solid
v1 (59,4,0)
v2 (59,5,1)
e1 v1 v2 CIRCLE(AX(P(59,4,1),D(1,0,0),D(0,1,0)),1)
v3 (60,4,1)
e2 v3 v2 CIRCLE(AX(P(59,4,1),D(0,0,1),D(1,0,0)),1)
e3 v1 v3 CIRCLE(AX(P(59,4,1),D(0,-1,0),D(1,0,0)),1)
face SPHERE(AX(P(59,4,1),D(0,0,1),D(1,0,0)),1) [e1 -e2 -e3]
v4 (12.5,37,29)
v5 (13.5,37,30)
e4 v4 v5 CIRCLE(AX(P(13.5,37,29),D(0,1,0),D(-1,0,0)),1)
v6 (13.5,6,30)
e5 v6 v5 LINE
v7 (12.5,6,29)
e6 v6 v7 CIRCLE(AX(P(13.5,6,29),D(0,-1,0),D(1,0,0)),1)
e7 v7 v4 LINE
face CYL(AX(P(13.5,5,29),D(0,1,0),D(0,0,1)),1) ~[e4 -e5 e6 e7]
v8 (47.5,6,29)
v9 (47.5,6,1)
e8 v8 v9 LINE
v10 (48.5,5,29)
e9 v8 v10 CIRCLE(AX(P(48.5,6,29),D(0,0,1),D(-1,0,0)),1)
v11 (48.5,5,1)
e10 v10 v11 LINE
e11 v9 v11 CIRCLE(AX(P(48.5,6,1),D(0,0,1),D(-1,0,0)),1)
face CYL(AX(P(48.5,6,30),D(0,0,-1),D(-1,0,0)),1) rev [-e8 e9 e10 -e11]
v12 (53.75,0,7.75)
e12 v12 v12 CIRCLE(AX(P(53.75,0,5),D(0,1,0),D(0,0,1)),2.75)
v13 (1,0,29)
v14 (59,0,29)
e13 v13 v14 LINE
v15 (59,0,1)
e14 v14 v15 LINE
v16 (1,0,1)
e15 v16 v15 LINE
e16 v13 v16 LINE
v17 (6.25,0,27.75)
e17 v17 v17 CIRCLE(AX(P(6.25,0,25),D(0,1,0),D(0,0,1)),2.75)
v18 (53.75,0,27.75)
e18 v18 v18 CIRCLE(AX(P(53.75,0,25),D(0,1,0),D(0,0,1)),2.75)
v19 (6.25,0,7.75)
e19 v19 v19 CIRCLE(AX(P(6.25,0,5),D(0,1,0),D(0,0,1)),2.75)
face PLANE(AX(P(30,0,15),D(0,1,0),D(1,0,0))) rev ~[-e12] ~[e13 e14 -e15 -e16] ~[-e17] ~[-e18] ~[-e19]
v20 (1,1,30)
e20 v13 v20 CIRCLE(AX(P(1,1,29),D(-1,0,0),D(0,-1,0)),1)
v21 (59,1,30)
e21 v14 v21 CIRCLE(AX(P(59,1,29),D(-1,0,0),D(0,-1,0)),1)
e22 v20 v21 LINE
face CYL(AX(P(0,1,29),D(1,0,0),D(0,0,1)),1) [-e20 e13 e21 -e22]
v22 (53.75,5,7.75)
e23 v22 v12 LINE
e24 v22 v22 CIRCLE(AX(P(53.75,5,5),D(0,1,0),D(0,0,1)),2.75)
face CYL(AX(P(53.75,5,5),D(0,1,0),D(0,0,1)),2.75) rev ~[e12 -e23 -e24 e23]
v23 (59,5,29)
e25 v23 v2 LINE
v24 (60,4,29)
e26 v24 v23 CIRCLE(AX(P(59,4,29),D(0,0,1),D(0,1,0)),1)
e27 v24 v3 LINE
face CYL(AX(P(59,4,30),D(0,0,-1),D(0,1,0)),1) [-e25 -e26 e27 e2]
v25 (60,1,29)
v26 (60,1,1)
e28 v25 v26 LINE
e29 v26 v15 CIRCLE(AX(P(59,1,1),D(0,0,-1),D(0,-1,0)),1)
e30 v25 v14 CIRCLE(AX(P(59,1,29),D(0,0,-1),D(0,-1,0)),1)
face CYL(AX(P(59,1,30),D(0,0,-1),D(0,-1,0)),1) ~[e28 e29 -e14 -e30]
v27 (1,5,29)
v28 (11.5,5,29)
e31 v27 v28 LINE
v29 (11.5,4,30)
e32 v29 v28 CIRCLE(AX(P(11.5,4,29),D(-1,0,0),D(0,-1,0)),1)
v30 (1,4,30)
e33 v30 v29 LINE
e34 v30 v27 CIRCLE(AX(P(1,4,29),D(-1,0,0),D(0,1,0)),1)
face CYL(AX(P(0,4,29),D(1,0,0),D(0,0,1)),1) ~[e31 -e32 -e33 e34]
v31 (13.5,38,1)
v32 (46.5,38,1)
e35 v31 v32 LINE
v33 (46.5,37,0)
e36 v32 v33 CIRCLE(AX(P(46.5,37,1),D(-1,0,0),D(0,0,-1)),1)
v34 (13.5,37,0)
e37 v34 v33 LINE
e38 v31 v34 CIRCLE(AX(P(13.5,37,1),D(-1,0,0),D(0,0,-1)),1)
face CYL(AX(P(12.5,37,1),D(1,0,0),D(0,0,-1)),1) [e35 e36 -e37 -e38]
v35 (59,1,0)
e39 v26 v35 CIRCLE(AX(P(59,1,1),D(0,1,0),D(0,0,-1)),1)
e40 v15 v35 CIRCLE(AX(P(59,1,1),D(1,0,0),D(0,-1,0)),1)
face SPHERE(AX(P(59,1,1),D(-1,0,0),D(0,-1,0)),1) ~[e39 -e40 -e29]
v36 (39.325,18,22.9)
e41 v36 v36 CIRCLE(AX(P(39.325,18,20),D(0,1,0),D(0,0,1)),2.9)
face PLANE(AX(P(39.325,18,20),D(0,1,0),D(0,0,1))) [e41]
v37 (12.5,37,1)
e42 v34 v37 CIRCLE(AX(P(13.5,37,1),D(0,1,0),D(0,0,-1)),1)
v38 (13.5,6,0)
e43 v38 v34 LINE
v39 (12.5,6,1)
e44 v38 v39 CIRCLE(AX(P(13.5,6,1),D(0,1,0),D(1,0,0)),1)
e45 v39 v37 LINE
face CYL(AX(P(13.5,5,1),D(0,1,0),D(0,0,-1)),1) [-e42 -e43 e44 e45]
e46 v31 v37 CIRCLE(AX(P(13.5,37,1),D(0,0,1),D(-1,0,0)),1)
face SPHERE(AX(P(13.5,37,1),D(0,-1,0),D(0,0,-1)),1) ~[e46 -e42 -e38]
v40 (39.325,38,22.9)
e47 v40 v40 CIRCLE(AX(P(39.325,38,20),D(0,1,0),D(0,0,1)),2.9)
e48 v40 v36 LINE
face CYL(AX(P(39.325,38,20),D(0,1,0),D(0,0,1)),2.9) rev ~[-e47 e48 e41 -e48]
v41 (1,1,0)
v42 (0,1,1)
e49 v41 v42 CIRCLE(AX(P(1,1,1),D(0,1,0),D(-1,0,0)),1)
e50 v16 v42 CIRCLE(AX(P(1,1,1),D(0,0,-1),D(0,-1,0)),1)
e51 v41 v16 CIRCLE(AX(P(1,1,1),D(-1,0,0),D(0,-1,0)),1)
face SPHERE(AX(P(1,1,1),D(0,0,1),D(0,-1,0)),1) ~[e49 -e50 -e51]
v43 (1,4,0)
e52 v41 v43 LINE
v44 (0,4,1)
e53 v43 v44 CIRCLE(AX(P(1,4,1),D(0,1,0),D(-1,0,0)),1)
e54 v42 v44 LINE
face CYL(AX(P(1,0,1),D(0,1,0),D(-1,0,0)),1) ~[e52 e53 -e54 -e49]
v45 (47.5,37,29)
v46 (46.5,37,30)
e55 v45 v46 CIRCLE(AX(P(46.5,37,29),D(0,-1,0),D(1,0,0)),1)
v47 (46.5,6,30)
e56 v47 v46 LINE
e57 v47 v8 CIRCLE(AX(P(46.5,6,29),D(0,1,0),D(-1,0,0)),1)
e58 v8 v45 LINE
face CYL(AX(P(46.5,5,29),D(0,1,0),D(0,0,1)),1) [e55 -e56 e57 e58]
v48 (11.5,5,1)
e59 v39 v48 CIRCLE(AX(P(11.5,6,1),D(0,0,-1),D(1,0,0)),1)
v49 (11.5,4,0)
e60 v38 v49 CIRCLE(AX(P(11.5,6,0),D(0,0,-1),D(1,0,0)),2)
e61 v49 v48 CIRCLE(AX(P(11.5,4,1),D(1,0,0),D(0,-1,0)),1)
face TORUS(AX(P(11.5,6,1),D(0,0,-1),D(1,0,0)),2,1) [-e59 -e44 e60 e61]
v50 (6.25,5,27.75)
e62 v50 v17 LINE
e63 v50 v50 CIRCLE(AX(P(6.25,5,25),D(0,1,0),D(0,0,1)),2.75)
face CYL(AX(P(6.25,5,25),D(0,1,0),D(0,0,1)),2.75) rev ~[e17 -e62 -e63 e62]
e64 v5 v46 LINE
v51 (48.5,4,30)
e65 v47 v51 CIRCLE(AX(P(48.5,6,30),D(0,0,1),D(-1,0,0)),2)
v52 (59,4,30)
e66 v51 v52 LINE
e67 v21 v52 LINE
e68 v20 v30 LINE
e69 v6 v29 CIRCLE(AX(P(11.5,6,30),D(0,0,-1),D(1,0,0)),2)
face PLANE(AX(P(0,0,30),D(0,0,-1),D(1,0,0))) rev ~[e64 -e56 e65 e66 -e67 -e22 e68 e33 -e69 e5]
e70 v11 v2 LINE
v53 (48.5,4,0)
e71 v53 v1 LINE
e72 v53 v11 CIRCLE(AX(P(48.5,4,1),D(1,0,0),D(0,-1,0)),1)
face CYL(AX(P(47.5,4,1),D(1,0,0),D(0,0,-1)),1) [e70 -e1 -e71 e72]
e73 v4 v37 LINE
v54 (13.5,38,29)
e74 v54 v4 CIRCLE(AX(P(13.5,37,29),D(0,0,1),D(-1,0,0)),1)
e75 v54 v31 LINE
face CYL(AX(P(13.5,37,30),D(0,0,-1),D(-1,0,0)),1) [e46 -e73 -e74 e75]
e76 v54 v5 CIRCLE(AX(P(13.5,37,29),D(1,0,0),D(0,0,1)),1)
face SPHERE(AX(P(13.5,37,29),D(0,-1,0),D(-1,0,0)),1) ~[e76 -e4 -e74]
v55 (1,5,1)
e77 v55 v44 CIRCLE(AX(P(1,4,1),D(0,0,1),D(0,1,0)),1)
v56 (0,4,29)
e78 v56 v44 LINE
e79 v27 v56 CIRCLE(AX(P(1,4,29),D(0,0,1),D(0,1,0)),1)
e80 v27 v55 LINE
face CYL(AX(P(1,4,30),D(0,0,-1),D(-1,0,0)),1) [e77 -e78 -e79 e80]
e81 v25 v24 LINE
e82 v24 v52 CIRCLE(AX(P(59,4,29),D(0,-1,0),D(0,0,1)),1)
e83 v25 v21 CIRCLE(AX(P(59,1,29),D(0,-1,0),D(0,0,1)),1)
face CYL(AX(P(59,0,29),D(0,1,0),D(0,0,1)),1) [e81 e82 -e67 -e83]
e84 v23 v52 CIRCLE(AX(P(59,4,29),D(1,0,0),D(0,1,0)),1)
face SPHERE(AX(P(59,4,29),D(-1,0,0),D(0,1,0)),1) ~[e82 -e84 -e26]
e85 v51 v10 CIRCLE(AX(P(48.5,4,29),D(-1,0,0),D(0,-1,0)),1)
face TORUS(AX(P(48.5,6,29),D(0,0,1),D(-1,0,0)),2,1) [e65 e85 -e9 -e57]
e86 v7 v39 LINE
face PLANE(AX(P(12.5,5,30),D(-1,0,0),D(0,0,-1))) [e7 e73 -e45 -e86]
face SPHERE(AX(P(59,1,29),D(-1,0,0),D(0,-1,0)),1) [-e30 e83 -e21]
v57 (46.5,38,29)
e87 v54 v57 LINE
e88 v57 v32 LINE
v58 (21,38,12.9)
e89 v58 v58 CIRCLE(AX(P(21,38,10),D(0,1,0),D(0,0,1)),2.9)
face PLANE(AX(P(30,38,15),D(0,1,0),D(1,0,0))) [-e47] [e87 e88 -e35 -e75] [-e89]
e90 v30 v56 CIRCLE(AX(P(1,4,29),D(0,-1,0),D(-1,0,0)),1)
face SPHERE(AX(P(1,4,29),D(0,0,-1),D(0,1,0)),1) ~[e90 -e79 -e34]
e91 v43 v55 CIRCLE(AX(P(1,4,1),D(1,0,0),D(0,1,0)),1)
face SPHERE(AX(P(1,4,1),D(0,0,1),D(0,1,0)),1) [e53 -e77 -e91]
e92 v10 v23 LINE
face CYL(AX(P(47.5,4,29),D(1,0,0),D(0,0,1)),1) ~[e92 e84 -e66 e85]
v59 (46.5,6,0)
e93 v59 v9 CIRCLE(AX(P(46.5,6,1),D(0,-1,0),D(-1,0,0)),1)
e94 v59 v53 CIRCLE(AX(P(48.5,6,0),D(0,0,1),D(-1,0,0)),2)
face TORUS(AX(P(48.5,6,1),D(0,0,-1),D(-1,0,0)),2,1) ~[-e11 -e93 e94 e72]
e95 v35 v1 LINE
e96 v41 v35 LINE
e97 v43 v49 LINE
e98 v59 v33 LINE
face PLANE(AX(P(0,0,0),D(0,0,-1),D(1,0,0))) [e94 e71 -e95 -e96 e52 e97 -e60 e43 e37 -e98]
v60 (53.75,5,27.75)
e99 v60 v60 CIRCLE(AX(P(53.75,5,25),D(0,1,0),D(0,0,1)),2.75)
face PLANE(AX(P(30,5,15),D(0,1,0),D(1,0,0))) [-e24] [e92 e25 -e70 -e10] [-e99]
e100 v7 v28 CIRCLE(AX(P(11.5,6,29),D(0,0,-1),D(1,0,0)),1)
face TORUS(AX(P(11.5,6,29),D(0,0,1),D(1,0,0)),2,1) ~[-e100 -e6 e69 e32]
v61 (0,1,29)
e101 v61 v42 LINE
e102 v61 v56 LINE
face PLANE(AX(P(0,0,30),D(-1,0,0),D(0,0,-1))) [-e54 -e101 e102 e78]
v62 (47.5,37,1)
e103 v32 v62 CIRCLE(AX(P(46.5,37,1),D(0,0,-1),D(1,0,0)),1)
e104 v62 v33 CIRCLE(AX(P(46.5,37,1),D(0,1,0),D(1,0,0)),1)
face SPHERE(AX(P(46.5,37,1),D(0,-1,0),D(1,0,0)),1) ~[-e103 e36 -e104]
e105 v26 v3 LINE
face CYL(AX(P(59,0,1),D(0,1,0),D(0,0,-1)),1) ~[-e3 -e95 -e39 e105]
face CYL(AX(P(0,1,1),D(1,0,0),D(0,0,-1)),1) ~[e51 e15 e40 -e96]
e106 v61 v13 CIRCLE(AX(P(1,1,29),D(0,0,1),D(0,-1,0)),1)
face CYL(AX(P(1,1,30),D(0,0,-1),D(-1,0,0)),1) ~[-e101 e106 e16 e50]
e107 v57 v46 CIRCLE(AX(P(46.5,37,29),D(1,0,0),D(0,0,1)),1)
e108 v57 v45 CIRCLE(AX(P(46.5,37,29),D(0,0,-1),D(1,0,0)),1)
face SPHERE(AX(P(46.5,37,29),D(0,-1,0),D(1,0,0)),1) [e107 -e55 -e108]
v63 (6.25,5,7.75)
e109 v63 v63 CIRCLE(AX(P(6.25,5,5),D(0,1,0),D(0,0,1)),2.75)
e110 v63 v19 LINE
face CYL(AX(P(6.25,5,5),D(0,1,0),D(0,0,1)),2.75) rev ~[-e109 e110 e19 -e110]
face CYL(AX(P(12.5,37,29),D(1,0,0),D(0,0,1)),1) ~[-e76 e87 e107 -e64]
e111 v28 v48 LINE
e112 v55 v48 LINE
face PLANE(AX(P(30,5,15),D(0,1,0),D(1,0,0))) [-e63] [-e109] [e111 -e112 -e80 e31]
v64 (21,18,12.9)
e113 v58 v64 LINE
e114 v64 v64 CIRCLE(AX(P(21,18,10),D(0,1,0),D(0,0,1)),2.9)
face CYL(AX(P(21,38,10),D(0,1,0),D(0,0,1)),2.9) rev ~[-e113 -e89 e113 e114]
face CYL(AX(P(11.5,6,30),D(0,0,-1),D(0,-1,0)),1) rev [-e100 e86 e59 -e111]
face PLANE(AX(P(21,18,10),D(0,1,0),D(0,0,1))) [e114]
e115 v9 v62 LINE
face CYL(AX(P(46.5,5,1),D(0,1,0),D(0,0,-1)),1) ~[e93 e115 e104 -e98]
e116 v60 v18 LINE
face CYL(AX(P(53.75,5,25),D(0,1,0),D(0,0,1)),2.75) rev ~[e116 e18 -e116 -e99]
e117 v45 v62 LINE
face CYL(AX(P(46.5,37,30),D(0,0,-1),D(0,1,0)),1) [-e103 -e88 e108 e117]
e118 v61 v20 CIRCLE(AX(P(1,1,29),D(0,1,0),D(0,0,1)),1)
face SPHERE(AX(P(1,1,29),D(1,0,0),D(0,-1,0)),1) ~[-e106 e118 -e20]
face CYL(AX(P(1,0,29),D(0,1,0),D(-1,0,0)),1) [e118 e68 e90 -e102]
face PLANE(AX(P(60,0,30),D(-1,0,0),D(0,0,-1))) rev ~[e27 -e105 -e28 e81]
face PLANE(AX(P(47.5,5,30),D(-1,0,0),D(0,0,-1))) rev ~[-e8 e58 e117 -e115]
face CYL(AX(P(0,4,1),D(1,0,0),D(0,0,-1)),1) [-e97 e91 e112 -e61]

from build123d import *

# Parameters (mm, degrees)
SKETCH2_W           = 60
SKETCH2_H           = 30
BOSS_EXTRUDE1_DEPTH = 5
SKETCH3_W           = 35
SKETCH3_H           = 30
BOSS_EXTRUDE2_DEPTH = 33
SKETCH5_R           = 2.9
CUT_EXTRUDE1_DEPTH  = 20
SKETCH6_R           = 2.75
CUT_EXTRUDE2_DEPTH  = 75.759614766
FILLET1_R           = 1


with BuildPart() as part:
    # Sketch2 → Boss-Extrude1 (new body)
    with BuildSketch(Plane(origin=(0, 0, 0), x_dir=(1, 0, 0), z_dir=(0, 1, 0))):
        with Locations((30, -15)):
            Rectangle(SKETCH2_W, SKETCH2_H)
    extrude(amount=BOSS_EXTRUDE1_DEPTH)

    # Sketch3 → Boss-Extrude2 (add)
    with BuildSketch(Plane(origin=(0, 5, 0), x_dir=(1, 0, 0), z_dir=(0, 1, 0))):
        with Locations((30, -15)):
            Rectangle(SKETCH3_W, SKETCH3_H)
    extrude(amount=BOSS_EXTRUDE2_DEPTH)

    # Sketch5 → Cut-Extrude1 (cut)
    with BuildSketch(Plane(origin=(0, 38, 0), x_dir=(1, 0, 0), z_dir=(0, 1, 0))):
        with Locations(Location((21, -10, 0), (0, 0, 270))):
            Circle(SKETCH5_R)
        with Locations(Location((39.325, -20, 0), (0, 0, 270))):
            Circle(SKETCH5_R)
    extrude(amount=-CUT_EXTRUDE1_DEPTH, mode=Mode.SUBTRACT)

    # Sketch6 → Cut-Extrude2 (cut, through all)
    with BuildSketch(Plane(origin=(0, 5, 0), x_dir=(1, 0, 0), z_dir=(0, 1, 0))):
        with Locations(Location((53.75, -5, 0), (0, 0, 270))):
            Circle(SKETCH6_R)
        with Locations(Location((53.75, -25, 0), (0, 0, 270))):
            Circle(SKETCH6_R)
        with Locations(Location((6.25, -25, 0), (0, 0, 270))):
            Circle(SKETCH6_R)
        with Locations(Location((6.25, -5, 0), (0, 0, 270))):
            Circle(SKETCH6_R)
    extrude(amount=-CUT_EXTRUDE2_DEPTH, mode=Mode.SUBTRACT)

    # Fillet1
    fillet1_edges = [part.edges().sort_by_distance(p)[0] for p in [
        (0, 5, 15),
        (6.25, 5, 0),
        (53.75, 5, 30),
        (6.25, 5, 30),
        (47.5, 5, 15),
        (47.5, 21.5, 30),
        (47.5, 21.5, 0),
        (12.5, 5, 15),
        (12.5, 21.5, 0),
        (12.5, 21.5, 30),
        (47.5, 38, 15),
        (30, 38, 0),
        (12.5, 38, 15),
        (30, 38, 30),
        (60, 5, 15),
        (30, 0, 30),
        (0, 0, 15),
        (30, 0, 0),
        (60, 0, 15),
        (60, 2.5, 30),
        (0, 2.5, 30),
        (0, 2.5, 0),
        (60, 2.5, 0),
        (53.75, 5, 0),
    ]]
    fillet(fillet1_edges, radius=FILLET1_R)


solid = part.part
